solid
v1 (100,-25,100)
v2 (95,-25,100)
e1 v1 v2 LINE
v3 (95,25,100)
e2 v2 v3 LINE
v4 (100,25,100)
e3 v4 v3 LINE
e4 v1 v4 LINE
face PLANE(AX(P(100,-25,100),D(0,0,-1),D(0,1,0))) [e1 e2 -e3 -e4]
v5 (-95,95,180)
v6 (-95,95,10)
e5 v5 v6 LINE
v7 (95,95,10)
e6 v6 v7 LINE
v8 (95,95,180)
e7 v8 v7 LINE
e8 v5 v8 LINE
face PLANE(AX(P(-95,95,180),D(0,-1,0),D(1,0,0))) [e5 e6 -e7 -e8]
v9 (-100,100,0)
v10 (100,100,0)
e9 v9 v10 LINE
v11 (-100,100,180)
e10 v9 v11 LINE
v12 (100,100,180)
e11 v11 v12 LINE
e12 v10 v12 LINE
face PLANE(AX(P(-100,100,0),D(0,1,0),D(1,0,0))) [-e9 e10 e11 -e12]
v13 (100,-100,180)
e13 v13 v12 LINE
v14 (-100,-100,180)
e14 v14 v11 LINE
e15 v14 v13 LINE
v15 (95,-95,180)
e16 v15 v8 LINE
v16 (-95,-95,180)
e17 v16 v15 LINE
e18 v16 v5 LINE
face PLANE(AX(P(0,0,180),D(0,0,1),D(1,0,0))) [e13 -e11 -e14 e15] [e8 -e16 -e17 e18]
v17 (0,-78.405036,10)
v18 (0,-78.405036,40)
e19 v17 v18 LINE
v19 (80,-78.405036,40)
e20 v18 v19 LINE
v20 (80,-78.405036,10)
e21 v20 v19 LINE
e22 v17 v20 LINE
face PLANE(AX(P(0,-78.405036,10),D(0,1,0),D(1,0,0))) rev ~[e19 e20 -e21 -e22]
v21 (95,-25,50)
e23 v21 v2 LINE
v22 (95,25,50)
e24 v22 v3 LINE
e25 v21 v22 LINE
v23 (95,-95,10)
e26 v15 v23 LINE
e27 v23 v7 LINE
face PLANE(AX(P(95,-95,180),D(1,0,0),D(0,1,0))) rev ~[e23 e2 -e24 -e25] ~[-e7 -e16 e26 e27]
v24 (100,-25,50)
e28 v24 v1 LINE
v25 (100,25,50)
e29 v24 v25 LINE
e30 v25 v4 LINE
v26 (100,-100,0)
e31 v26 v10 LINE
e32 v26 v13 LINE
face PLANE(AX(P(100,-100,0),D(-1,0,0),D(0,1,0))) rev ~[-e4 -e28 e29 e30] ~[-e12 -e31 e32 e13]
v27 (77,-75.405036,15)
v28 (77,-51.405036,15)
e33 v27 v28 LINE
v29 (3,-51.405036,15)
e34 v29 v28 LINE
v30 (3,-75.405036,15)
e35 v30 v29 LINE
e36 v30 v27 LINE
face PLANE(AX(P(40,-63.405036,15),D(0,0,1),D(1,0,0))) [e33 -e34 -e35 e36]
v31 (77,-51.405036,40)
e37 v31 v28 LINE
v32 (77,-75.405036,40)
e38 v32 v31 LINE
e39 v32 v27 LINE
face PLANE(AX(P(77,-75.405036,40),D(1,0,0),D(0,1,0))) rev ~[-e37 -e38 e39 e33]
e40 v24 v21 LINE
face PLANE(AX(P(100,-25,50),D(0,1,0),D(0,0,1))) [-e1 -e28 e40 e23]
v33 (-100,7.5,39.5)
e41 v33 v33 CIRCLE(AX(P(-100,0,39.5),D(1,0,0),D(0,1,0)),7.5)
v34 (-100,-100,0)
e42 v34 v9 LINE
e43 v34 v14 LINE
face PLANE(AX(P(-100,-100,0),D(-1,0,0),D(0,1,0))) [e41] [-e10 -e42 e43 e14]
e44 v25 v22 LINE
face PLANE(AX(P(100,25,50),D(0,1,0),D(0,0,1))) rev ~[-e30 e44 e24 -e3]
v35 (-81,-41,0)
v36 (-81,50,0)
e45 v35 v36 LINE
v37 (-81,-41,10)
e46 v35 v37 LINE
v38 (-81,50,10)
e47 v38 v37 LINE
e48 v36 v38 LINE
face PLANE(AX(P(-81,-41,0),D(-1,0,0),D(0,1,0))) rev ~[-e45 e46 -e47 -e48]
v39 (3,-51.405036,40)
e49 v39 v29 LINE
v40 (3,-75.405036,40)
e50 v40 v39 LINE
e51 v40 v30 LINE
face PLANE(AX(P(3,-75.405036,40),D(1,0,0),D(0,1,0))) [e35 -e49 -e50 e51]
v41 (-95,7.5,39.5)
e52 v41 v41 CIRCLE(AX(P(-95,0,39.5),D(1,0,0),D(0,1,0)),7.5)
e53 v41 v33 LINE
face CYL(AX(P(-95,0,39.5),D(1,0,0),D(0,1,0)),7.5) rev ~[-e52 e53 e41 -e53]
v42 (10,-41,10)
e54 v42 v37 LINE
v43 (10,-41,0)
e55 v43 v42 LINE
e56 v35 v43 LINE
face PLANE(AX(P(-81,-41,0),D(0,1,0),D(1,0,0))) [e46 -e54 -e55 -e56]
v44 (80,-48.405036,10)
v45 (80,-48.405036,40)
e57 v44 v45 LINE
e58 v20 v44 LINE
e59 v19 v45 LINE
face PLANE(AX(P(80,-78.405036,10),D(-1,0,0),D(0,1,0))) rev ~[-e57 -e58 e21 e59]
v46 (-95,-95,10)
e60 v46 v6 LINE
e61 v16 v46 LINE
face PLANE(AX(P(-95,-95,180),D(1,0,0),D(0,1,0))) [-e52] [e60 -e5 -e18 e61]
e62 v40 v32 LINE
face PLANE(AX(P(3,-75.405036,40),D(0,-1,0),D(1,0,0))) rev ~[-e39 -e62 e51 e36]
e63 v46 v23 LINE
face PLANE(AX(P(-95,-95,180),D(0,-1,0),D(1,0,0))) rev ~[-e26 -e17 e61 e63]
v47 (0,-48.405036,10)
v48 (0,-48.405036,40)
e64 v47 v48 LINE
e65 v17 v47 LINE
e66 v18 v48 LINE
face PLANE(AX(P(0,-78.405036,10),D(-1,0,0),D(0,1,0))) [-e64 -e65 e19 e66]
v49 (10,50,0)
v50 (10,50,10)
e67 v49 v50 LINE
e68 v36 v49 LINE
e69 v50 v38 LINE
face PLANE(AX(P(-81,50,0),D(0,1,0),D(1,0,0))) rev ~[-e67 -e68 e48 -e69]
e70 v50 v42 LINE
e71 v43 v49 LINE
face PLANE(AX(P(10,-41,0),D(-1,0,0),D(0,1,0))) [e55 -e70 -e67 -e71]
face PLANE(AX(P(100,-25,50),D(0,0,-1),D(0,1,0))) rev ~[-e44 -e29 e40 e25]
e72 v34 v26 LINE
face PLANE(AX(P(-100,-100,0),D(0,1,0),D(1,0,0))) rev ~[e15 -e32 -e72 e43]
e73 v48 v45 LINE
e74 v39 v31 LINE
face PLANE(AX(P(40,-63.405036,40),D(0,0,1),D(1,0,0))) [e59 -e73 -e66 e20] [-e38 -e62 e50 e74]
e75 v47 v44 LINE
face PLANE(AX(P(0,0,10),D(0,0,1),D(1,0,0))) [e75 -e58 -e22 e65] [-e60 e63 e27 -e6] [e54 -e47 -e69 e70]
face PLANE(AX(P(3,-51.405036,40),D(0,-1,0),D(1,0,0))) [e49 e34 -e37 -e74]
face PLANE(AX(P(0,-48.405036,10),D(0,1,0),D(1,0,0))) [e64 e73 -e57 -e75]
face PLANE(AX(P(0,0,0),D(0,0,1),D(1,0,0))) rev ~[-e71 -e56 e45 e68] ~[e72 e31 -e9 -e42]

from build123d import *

# Parameters (mm, degrees)
F0_W      = 200
F0_H      = 200
F1_DEPTH  = 180
F2_W      = 190
F2_H      = 190
F3_DEPTH  = 170
F4_W      = 50
F4_H      = 50
F5_DEPTH  = 8
F6_W      = 80
F6_H      = 30
F7_DEPTH  = 30
F8_W      = 74
F8_H      = 24
F9_DEPTH  = 25
F10_W     = 91
F10_H     = 91
F11_DEPTH = 25
F12_R     = 7.5
F13_DEPTH = 25


with BuildPart() as f1:
    # F0 (on Top) → F1 (new body)
    with BuildSketch(Plane.XY):
        Rectangle(F0_W, F0_H)
    extrude(amount=F1_DEPTH)

    # F2 (on face) → F3 (cut)
    with BuildSketch(Plane.XY.offset(180)):
        Rectangle(F2_W, F2_H)
    extrude(amount=-F3_DEPTH, mode=Mode.SUBTRACT)

    # F4 (on face) → F5 (cut)
    with BuildSketch(Plane.YZ.offset(100)):
        with Locations((0, 75)):
            Rectangle(F4_W, F4_H)
    extrude(amount=-F5_DEPTH, mode=Mode.SUBTRACT)

    # F6 (on face) → F7 (join)
    with BuildSketch(Plane.XY.offset(10)):
        with Locations((40, -63.405036)):
            Rectangle(F6_W, F6_H)
    extrude(amount=F7_DEPTH)

    # F8 (on face) → F9 (cut)
    with BuildSketch(Plane.XY.offset(40)):
        with Locations((40, -63.405036)):
            Rectangle(F8_W, F8_H)
    extrude(amount=-F9_DEPTH, mode=Mode.SUBTRACT)

    # F10 (on Top) → F11 (cut)
    with BuildSketch(Plane.XY):
        with Locations((-35.5, 4.5)):
            Rectangle(F10_W, F10_H)
    extrude(amount=F11_DEPTH, mode=Mode.SUBTRACT)

    # F12 (on face) → F13 (cut)
    with BuildSketch(Plane.YZ.offset(-95)):
        with Locations((0, 39.5)):
            Circle(F12_R)
    extrude(amount=-F13_DEPTH, mode=Mode.SUBTRACT)


solid = f1.part
